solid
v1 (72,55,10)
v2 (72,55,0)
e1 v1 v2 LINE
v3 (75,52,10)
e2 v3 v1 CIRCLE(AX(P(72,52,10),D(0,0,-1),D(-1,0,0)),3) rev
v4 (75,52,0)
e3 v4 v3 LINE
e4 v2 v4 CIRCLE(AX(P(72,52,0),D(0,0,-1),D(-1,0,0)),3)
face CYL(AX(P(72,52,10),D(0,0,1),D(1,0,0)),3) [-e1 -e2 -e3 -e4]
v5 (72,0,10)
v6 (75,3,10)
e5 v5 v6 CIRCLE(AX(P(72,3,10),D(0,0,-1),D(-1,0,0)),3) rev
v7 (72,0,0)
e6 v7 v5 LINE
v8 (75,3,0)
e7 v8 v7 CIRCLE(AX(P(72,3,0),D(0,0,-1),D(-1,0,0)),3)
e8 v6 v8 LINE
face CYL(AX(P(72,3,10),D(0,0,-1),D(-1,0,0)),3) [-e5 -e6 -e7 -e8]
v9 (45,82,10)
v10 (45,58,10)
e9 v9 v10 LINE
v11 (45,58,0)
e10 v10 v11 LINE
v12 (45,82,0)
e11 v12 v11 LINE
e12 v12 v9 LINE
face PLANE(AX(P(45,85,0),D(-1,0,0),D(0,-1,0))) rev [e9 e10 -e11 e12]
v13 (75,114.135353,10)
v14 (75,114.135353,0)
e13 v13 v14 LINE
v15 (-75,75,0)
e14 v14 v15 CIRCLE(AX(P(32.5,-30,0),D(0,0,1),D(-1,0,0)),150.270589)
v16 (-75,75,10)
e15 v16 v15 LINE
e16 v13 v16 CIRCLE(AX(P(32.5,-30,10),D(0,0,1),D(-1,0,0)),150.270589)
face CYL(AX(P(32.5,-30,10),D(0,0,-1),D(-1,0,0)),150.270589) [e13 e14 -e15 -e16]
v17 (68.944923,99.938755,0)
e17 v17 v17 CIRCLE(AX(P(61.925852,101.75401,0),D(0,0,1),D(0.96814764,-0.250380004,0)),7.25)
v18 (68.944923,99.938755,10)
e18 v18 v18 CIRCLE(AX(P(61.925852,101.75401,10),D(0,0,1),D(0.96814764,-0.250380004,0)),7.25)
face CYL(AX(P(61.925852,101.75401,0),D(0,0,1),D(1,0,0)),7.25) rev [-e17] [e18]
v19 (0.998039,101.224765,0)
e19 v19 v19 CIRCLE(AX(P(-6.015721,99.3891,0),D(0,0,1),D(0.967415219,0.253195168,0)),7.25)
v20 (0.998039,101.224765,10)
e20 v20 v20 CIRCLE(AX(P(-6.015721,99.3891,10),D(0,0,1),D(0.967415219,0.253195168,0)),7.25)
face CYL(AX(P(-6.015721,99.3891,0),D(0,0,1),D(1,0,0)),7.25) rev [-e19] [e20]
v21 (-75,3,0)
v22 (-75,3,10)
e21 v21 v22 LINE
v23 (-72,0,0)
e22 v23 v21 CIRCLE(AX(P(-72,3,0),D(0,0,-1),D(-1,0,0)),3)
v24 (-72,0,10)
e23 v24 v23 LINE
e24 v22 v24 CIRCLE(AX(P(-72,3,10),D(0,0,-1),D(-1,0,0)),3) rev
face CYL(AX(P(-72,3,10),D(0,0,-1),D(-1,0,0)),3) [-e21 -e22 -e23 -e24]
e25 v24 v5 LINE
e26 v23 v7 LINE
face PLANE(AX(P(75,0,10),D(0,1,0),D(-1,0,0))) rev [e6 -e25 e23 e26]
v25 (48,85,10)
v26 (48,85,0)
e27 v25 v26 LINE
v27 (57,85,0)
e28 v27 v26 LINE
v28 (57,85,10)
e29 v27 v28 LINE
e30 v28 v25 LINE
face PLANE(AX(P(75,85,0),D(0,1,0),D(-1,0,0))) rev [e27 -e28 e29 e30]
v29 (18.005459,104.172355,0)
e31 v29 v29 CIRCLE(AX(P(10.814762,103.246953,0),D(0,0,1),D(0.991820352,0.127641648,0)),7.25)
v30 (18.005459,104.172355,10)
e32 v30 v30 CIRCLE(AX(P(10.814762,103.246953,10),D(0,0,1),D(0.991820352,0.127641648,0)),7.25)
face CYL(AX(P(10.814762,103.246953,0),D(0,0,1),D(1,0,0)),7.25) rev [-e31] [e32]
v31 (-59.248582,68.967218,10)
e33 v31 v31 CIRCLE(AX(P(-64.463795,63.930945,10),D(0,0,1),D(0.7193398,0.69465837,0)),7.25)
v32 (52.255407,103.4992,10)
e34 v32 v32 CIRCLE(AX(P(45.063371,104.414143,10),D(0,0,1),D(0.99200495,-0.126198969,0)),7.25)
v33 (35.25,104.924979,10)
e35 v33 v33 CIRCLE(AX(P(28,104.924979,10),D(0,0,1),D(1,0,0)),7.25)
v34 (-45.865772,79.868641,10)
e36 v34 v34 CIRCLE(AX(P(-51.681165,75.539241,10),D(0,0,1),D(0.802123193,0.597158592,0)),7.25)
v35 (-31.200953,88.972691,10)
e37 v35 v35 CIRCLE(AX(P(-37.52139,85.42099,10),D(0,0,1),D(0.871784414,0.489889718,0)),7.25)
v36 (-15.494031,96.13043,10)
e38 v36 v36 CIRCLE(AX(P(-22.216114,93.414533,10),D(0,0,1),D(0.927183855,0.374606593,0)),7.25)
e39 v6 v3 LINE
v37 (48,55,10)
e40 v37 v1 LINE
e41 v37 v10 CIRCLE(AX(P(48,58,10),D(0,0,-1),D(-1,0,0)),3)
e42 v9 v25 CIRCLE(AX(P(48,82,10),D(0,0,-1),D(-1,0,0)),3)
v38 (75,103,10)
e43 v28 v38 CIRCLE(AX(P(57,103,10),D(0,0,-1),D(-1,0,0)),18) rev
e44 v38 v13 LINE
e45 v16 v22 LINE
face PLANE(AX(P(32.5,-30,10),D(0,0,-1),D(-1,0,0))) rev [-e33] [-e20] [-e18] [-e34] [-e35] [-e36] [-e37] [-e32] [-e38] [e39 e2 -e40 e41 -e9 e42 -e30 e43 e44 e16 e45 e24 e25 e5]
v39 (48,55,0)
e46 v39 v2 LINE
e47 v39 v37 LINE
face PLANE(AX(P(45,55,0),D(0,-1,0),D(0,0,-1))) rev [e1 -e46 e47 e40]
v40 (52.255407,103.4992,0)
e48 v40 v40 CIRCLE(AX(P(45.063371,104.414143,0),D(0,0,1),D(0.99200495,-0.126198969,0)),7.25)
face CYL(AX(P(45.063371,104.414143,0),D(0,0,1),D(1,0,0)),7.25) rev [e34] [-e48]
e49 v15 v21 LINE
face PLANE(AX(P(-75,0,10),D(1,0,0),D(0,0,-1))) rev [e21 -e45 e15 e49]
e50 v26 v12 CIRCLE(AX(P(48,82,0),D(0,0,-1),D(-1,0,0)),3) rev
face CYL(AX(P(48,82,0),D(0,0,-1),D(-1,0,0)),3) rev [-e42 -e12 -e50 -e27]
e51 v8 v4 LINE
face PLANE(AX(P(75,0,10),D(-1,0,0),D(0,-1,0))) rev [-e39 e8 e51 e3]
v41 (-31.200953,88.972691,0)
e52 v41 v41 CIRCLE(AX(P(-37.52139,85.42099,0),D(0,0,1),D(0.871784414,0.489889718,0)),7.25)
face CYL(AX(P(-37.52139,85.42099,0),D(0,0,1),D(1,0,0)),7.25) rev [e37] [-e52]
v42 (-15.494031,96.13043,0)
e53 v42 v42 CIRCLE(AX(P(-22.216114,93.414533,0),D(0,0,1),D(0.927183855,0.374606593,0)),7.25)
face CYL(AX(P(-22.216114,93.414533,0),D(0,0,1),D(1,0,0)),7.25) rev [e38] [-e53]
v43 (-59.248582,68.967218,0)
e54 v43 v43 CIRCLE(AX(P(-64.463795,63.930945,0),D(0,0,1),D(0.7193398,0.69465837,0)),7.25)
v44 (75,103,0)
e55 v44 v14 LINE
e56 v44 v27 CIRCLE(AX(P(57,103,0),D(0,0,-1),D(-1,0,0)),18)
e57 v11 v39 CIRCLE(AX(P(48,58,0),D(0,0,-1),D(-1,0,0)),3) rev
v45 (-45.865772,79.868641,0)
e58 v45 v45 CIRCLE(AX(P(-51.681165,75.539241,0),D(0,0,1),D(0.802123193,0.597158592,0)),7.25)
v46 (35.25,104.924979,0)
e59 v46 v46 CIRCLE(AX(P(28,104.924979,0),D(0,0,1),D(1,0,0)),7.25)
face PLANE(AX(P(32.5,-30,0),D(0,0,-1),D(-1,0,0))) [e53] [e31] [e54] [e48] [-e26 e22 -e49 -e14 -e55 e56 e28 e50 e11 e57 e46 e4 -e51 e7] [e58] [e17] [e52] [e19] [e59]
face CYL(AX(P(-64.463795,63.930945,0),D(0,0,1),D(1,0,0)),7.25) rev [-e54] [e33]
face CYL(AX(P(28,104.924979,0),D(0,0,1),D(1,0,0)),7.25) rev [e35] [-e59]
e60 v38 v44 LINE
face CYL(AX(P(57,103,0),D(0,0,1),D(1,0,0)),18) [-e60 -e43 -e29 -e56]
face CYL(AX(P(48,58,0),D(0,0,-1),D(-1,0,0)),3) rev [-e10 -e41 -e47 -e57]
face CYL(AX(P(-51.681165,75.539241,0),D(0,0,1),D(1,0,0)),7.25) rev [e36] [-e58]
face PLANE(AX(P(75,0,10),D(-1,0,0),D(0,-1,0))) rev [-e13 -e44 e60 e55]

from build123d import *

# Parameters (mm, degrees)
BOSS_EXTRU_1_DEPTH           = 10
ESQUISSE2_R                  = 7.25
ENL_V_MAT_EXTRU_1_DEPTH      = 11
R_P_TITION_CIRCULAIRE1_COUNT = 7
R_P_TITION_CIRCULAIRE1_ANGLE = 44
R_P_TITION_CIRCULAIRE2_COUNT = 3
R_P_TITION_CIRCULAIRE2_ANGLE = 14.5
ESQUISSE5_W                  = 30
ESQUISSE5_H                  = 30
ENL_V_MAT_EXTRU_2_DEPTH      = 10
CONG_1_R                     = 18
CONG_2_R                     = 3


with BuildPart() as part:
    # Esquisse1 → Boss.-Extru.1 (new body)
    with BuildSketch(Plane.XY):
        with BuildLine():
            Line((75, 0), (-75, 0))
            Line((-75, 0), (-75, 75))
            ThreePointArc((-75, 75), (-5.436050989, 115.40325318), (75, 114.135353054))
            Line((75, 114.135353054), (75, 0))
        make_face()
    extrude(amount=BOSS_EXTRU_1_DEPTH)

    # Esquisse2 → Enlèv. mat.-Extru.1 (cut, through all)
    with BuildSketch(Plane.XY.offset(10)):
        with Locations((28, 104.924979155)):
            Circle(ESQUISSE2_R)
    enl_v_mat_extru_1 = extrude(amount=-ENL_V_MAT_EXTRU_1_DEPTH, mode=Mode.SUBTRACT)

    # Répétition circulaire1: Enlèv. mat.-Extru.1 ×7 about axis
    r_p_tition_circulaire1_axis = Axis((32.5, -30, 0), (0, 0, 1))
    for i in range(1, R_P_TITION_CIRCULAIRE1_COUNT):
        add(enl_v_mat_extru_1.rotate(r_p_tition_circulaire1_axis, i * R_P_TITION_CIRCULAIRE1_ANGLE / (R_P_TITION_CIRCULAIRE1_COUNT - 1)), mode=Mode.SUBTRACT)

    # Répétition circulaire2: Enlèv. mat.-Extru.1 ×3 about axis
    r_p_tition_circulaire2_axis = Axis((32.5, -30, 0), (0, 0, -1))
    for i in range(1, R_P_TITION_CIRCULAIRE2_COUNT):
        add(enl_v_mat_extru_1.rotate(r_p_tition_circulaire2_axis, i * R_P_TITION_CIRCULAIRE2_ANGLE / (R_P_TITION_CIRCULAIRE2_COUNT - 1)), mode=Mode.SUBTRACT)

    # Esquisse5 → Enlèv. mat.-Extru.2 (cut)
    with BuildSketch(Plane.XY.offset(10)):
        with Locations((60, 70)):
            Rectangle(ESQUISSE5_W, ESQUISSE5_H)
    extrude(amount=-ENL_V_MAT_EXTRU_2_DEPTH, mode=Mode.SUBTRACT)

    # Congé1
    cong_1_edges = [part.edges().sort_by_distance(p)[0] for p in [
        (75, 85, 5),
    ]]
    fillet(cong_1_edges, radius=CONG_1_R)

    # Congé2
    cong_2_edges = [part.edges().sort_by_distance(p)[0] for p in [
        (75, 55, 5),
        (45, 55, 5),
        (45, 85, 5),
        (75, 0, 5),
        (-75, 0, 5),
    ]]
    fillet(cong_2_edges, radius=CONG_2_R)


solid = part.part
